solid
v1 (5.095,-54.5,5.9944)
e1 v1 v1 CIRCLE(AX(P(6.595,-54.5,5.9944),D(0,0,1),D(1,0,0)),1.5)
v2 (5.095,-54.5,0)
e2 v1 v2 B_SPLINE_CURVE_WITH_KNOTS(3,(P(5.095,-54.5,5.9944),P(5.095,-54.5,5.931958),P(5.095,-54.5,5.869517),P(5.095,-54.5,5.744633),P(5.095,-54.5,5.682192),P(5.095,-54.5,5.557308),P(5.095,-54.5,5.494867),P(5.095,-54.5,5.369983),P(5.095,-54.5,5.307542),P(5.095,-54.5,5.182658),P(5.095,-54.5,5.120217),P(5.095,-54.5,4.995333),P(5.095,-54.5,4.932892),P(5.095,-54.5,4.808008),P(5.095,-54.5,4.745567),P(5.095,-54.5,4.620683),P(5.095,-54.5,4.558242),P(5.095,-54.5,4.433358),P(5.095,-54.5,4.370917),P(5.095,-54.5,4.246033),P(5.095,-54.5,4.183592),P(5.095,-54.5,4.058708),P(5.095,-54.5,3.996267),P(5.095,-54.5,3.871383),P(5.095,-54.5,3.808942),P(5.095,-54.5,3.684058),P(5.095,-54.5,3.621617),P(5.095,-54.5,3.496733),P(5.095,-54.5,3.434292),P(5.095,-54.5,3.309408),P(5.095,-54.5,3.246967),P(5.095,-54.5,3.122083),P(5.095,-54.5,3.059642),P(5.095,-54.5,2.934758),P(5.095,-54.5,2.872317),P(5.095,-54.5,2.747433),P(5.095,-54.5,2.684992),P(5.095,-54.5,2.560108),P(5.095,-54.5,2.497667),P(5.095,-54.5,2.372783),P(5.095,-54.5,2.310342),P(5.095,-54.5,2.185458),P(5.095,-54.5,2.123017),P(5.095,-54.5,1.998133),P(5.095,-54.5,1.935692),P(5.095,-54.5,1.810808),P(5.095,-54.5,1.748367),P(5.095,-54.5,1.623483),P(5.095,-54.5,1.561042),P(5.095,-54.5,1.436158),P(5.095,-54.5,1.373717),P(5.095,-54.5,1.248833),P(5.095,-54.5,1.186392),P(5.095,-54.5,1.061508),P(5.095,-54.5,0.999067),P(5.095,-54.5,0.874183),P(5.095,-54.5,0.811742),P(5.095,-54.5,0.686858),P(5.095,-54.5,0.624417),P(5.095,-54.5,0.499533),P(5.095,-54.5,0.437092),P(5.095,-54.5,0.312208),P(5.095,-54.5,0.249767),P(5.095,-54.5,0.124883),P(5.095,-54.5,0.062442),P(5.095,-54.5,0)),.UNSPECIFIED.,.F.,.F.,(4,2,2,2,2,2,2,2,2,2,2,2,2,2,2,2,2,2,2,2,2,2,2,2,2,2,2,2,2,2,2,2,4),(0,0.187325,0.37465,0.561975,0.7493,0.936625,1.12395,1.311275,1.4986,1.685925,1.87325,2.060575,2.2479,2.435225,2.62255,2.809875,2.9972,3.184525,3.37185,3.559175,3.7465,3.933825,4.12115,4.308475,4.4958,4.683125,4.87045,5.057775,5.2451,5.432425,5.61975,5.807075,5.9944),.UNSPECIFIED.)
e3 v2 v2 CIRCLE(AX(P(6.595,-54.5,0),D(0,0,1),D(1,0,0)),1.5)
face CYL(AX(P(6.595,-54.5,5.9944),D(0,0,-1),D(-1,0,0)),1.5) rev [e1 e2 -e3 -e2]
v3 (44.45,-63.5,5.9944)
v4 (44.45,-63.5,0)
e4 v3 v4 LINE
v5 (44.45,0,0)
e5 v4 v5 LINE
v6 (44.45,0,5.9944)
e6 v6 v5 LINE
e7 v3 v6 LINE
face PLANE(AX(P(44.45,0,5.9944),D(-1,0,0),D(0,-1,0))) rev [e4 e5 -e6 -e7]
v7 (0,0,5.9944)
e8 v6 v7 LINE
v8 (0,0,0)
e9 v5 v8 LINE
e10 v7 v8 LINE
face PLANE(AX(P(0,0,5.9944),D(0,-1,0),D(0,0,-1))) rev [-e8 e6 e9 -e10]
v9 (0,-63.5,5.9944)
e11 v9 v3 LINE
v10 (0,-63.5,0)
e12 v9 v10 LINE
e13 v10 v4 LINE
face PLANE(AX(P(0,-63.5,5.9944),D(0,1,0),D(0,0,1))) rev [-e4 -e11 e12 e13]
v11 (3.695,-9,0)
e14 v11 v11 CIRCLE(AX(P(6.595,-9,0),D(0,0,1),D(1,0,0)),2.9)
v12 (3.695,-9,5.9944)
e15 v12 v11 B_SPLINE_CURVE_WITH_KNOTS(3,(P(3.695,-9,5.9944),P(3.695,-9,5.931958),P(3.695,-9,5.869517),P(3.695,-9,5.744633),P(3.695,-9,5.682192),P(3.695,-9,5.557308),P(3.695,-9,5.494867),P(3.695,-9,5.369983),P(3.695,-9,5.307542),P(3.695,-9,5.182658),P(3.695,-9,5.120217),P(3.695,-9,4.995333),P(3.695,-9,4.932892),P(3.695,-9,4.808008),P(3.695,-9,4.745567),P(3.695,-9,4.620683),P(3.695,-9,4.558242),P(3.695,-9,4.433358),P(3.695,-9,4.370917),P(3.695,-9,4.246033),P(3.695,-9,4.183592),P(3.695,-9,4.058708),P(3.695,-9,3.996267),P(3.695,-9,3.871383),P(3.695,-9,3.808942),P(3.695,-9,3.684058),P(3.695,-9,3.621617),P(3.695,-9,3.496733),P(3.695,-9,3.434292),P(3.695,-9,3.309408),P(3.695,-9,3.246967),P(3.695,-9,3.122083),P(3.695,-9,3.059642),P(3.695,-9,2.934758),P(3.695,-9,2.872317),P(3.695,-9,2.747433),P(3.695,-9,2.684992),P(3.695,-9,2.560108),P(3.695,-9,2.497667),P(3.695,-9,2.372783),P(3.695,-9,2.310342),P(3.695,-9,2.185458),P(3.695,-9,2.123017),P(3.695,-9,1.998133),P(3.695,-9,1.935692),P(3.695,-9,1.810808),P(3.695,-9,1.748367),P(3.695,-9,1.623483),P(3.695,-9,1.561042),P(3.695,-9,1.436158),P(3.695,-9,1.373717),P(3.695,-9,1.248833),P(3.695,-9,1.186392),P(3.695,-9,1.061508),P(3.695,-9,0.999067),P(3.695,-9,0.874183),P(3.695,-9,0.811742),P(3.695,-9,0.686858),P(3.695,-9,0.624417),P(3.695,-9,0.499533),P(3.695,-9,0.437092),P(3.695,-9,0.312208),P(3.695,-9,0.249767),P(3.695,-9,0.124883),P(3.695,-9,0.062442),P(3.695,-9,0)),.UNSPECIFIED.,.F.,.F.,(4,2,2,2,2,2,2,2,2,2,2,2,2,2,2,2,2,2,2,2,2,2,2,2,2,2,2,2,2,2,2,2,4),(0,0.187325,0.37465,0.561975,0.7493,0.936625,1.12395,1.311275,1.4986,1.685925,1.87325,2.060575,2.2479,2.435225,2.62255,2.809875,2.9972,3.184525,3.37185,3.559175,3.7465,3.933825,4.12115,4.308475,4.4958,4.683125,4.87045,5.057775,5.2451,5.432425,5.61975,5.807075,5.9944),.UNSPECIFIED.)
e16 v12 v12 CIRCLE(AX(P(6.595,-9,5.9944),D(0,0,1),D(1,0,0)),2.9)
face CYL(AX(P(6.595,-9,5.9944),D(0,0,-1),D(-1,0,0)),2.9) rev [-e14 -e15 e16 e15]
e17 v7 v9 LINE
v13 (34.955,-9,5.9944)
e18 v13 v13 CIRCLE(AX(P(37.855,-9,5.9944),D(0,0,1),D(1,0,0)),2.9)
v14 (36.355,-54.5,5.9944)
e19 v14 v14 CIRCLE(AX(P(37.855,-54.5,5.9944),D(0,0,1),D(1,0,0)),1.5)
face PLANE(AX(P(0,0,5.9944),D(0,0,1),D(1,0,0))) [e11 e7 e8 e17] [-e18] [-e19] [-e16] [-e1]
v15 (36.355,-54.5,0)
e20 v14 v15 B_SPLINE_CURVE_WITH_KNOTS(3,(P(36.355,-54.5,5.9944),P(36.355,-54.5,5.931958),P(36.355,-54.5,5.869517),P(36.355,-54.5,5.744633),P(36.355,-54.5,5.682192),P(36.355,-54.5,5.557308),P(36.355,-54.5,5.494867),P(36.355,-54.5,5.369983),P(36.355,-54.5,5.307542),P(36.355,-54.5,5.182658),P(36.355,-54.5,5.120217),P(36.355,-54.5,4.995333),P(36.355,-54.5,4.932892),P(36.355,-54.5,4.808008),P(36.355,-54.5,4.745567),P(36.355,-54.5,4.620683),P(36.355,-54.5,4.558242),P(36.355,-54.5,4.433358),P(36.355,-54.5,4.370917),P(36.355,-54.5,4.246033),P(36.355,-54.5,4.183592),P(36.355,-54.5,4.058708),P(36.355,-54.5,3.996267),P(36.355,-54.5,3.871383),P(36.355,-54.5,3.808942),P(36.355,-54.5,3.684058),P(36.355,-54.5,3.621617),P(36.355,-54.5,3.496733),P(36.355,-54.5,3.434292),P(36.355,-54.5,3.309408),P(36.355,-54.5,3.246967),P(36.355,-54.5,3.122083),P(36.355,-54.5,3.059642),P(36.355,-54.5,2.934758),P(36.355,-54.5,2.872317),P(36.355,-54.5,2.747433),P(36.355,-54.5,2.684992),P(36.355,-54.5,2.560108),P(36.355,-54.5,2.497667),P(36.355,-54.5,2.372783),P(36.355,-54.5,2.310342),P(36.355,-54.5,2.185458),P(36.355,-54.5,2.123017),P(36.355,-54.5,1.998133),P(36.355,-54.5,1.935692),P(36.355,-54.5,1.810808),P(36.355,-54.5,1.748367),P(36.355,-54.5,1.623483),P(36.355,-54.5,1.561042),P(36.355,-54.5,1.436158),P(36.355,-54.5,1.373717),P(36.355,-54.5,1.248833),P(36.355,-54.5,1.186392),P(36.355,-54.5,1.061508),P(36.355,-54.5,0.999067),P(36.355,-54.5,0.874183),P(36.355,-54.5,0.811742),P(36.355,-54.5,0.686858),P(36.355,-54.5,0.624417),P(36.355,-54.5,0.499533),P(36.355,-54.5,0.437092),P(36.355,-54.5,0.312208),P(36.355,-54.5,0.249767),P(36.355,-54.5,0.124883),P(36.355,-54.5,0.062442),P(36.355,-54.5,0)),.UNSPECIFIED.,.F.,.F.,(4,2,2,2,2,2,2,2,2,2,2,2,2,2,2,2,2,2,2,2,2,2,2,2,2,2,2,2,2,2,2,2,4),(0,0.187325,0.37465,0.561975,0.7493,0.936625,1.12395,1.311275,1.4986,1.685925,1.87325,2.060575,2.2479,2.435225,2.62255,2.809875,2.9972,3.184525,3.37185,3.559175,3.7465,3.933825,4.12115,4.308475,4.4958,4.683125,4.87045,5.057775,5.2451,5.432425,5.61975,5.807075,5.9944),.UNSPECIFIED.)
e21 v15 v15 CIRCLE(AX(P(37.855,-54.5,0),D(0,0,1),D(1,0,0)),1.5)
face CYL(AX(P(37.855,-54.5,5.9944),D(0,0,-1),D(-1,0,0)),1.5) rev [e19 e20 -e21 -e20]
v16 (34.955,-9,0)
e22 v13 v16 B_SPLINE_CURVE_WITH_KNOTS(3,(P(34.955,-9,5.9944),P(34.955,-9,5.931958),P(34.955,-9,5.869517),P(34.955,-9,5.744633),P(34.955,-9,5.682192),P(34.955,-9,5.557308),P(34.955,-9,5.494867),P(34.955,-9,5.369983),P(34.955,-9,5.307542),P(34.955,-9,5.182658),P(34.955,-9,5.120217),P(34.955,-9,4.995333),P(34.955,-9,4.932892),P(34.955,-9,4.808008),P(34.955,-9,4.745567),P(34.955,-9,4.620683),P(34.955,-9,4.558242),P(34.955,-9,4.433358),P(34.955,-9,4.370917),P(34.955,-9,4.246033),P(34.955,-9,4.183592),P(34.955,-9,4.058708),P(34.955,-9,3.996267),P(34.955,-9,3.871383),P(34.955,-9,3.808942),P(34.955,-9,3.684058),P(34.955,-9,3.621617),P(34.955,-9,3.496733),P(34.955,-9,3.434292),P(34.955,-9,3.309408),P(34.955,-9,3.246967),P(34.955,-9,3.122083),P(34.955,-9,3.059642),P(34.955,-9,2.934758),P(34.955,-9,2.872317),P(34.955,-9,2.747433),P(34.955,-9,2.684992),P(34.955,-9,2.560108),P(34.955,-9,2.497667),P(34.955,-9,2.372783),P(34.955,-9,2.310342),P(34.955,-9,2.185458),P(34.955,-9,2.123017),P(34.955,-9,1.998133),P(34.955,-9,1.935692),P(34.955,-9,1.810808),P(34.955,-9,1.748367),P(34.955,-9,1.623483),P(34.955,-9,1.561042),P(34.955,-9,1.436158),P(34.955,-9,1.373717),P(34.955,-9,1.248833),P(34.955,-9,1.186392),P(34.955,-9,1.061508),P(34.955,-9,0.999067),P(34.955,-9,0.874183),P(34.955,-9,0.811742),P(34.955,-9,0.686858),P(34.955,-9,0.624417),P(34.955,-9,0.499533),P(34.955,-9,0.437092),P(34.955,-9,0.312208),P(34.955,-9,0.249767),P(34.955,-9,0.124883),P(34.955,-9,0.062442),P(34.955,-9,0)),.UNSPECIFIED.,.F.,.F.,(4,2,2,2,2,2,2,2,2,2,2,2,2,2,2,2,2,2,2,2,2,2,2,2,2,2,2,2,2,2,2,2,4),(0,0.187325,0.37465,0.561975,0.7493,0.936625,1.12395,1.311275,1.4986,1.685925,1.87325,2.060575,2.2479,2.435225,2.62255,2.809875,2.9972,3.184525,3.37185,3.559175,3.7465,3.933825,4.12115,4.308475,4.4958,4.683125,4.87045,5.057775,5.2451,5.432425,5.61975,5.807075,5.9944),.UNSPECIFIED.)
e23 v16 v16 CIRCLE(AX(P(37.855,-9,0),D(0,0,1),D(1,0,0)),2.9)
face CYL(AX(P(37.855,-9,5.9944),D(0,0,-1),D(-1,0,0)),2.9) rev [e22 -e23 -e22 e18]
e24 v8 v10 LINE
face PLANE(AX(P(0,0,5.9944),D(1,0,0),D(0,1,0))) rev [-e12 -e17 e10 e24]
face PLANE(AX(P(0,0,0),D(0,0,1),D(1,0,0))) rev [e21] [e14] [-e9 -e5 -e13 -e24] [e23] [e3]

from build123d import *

# Parameters (mm, degrees)
SKETCH1_W           = 44.45
SKETCH1_H           = 63.5
SKETCH1_R           = 2.900000042
SKETCH1_R_2         = 1.5
BOSS_EXTRUDE1_DEPTH = 5.9944


with BuildPart() as part:
    # Sketch1 → Boss-Extrude1 (new body)
    with BuildSketch(Plane.XY):
        with Locations((22.225, -31.75)):
            Rectangle(SKETCH1_W, SKETCH1_H)
        with Locations(Location((6.595000018, -9.000000034, 0), (0, 0, 180))):
            Circle(SKETCH1_R, mode=Mode.SUBTRACT)
        with Locations(Location((37.854999982, -9.000000034, 0), (0, 0, 180))):
            Circle(SKETCH1_R, mode=Mode.SUBTRACT)
        with Locations(Location((6.595000018, -54.499999966, 0), (0, 0, 180))):
            Circle(SKETCH1_R_2, mode=Mode.SUBTRACT)
        with Locations(Location((37.854999982, -54.499999966, 0), (0, 0, 180))):
            Circle(SKETCH1_R_2, mode=Mode.SUBTRACT)
    extrude(amount=BOSS_EXTRUDE1_DEPTH)


solid = part.part
